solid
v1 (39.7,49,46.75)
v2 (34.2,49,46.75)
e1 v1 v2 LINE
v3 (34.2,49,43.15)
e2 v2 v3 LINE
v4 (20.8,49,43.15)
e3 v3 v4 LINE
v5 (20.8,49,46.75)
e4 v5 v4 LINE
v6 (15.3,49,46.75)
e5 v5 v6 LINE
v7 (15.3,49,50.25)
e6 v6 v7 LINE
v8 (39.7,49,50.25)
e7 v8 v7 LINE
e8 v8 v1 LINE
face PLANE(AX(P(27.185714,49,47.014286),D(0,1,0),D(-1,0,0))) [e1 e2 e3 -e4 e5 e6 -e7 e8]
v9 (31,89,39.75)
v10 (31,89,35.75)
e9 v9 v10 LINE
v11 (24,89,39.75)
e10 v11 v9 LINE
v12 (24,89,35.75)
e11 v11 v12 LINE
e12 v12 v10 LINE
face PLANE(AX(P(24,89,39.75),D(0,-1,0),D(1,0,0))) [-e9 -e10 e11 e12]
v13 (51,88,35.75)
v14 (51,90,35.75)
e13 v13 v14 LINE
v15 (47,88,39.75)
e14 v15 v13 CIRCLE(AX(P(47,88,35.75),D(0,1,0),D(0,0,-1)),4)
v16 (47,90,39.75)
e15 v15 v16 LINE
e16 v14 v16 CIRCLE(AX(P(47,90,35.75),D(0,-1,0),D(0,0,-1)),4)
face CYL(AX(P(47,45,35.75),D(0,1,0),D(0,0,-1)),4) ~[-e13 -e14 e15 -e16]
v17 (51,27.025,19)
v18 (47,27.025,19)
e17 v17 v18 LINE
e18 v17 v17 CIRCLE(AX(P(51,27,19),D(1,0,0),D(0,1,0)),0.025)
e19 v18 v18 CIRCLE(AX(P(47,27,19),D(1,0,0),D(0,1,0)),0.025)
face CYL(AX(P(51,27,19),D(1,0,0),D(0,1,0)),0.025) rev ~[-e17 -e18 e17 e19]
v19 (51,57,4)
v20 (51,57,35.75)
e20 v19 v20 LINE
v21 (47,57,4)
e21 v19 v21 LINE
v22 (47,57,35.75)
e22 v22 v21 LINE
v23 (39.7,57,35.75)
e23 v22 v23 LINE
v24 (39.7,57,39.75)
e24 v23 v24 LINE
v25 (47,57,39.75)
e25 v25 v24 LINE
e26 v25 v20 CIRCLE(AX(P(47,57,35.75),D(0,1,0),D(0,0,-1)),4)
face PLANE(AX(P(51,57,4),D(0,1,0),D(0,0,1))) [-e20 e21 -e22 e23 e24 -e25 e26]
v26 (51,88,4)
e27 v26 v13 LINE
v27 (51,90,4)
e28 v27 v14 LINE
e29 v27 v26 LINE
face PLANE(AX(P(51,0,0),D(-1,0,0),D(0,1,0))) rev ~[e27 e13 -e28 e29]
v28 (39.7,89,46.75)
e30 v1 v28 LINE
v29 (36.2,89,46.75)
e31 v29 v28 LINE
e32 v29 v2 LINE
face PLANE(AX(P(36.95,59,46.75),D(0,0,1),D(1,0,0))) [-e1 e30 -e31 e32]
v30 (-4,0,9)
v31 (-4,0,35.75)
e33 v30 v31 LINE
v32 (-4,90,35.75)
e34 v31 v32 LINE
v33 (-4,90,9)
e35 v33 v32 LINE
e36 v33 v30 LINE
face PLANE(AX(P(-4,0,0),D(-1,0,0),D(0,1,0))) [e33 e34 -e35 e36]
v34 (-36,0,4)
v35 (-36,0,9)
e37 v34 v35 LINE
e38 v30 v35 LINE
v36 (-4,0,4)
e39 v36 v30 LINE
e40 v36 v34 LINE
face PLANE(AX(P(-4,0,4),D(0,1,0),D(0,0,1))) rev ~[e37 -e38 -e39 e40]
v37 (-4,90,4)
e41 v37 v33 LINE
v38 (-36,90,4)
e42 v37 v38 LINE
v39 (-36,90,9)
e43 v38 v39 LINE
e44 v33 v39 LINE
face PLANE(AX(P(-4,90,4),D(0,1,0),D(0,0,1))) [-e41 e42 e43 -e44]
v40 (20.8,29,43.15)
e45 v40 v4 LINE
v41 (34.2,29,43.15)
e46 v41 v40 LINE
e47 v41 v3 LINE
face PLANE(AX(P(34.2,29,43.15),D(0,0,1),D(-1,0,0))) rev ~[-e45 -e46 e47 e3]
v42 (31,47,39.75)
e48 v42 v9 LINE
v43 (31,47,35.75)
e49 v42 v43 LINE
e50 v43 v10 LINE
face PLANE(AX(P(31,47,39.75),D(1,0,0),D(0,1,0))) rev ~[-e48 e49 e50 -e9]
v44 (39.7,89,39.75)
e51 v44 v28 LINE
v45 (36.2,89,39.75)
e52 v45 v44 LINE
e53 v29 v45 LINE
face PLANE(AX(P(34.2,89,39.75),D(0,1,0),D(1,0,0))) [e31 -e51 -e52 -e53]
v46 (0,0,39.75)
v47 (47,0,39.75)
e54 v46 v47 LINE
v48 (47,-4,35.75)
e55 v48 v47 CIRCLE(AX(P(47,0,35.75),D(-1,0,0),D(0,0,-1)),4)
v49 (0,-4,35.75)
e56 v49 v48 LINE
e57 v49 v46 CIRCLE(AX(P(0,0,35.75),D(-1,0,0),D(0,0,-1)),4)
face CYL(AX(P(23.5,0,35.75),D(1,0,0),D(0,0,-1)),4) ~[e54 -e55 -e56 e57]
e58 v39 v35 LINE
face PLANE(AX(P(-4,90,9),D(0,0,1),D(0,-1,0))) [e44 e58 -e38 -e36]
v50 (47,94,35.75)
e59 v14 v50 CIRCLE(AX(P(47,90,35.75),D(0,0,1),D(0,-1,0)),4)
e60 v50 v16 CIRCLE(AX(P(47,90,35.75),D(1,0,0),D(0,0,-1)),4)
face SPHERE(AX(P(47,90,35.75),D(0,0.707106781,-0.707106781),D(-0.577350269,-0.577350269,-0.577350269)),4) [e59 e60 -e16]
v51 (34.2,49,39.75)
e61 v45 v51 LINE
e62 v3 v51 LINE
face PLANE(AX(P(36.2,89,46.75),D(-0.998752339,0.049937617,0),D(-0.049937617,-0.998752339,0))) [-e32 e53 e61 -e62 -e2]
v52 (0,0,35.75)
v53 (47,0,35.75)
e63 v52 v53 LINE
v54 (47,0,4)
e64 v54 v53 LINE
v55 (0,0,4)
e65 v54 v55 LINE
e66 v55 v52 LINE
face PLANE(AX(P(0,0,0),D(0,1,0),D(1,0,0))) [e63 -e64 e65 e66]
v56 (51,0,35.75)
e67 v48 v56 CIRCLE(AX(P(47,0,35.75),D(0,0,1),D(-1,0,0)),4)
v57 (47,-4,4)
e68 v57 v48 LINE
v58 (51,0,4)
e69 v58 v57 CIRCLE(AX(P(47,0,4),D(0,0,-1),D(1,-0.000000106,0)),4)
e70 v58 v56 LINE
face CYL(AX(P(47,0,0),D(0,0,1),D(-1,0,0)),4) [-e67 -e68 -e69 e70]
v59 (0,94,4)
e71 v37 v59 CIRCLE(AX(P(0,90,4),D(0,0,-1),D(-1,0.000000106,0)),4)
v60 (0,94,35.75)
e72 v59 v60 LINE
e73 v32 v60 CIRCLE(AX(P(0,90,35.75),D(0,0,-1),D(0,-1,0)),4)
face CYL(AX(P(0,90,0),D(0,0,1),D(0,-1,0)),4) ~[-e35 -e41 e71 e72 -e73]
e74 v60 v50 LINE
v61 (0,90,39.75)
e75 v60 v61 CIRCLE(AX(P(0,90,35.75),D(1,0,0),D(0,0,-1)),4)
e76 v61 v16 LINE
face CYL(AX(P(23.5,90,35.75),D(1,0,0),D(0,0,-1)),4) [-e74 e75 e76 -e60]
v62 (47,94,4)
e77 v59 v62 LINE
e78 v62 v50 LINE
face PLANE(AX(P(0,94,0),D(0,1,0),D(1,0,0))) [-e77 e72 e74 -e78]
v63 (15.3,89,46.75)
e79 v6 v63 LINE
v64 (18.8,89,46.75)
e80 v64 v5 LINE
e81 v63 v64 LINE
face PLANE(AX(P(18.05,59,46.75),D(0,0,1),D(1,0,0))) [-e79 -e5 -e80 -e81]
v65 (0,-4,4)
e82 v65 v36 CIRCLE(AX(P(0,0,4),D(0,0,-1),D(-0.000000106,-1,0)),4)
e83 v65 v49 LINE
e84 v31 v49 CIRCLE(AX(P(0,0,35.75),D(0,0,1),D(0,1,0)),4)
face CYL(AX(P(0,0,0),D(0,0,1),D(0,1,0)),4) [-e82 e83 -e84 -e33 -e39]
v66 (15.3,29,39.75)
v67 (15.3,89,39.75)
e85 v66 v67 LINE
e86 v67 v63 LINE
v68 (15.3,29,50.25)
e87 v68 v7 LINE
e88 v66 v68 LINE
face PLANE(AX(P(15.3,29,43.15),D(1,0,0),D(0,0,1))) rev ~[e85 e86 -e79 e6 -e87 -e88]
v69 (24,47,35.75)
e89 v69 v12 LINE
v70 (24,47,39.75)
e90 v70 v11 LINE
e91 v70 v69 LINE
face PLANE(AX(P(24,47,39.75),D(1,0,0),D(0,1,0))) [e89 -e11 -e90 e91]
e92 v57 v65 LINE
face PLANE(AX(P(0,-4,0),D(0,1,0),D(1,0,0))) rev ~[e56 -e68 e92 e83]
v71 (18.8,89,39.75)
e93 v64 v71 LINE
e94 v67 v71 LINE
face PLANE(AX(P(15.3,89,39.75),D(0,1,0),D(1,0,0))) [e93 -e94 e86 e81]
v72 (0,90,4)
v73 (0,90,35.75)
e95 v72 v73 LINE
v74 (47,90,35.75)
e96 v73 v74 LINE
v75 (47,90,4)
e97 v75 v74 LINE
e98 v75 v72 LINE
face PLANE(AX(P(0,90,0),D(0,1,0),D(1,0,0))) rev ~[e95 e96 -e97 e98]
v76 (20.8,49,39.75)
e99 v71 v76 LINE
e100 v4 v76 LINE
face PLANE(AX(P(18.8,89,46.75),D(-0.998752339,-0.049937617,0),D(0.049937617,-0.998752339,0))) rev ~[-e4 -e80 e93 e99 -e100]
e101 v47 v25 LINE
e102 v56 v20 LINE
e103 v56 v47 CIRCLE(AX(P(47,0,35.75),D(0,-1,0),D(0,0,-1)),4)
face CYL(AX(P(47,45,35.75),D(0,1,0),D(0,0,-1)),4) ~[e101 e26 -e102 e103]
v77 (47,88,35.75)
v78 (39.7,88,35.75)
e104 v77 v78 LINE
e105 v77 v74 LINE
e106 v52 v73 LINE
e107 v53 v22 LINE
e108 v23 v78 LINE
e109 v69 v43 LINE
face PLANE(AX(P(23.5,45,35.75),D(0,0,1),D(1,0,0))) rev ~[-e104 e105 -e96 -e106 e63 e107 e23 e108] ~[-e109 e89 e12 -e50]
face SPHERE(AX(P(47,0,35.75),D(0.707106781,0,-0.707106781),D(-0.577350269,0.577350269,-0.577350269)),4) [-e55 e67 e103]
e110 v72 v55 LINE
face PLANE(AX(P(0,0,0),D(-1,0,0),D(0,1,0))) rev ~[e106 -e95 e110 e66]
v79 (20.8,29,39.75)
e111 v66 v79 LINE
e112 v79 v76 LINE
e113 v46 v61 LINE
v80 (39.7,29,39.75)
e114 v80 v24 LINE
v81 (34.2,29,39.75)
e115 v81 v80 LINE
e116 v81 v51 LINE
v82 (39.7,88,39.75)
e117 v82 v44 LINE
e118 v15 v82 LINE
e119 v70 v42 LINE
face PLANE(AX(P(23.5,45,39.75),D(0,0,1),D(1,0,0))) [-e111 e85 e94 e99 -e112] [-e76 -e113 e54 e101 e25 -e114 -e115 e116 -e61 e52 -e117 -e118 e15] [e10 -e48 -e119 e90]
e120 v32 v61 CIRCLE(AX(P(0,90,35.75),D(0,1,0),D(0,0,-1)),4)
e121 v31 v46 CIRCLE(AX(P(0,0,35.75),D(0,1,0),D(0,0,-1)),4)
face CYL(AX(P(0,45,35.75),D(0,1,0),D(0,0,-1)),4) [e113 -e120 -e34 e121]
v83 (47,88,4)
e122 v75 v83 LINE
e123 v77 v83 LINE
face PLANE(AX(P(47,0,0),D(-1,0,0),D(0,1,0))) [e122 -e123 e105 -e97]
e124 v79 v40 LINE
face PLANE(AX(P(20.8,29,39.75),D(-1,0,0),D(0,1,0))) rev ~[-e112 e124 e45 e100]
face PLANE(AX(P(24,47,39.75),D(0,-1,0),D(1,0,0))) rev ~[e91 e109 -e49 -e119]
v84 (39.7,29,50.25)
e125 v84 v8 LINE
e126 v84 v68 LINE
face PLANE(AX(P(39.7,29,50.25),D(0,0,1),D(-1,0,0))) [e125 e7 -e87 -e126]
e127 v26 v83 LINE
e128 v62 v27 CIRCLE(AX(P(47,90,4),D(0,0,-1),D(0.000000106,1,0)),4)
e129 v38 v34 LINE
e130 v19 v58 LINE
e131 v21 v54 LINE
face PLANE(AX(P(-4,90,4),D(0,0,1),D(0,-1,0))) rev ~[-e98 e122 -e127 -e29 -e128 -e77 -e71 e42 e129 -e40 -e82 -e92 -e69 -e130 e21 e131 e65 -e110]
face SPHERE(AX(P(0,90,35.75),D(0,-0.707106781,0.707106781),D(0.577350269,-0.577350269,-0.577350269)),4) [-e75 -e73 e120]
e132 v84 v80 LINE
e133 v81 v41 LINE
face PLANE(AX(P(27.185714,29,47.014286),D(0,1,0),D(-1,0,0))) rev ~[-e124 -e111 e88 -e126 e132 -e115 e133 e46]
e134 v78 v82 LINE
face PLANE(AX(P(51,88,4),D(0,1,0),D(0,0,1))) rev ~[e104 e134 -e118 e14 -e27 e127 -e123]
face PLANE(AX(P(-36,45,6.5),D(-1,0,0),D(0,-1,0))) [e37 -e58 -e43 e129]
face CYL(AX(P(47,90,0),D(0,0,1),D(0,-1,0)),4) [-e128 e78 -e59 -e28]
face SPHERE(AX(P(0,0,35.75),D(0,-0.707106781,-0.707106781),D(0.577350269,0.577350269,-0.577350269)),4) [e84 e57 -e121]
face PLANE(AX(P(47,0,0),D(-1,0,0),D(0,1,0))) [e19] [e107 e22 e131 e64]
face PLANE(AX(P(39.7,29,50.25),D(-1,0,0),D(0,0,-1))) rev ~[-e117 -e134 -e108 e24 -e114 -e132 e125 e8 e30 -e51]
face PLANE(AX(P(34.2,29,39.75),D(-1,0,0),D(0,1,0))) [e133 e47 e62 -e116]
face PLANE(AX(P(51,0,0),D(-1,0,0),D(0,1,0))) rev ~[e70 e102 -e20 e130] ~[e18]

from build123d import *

# Parameters (mm, degrees)
SKETCH_W        = 47
SKETCH_H        = 90
PAD_DEPTH       = 35.75
THICKNESS_T     = 4
SKETCH001_R     = 0.025
POCKET_DEPTH    = 5
SKETCH002_W     = 7
SKETCH002_H     = 42
POCKET001_DEPTH = 5
SKETCH003_W     = 5.5
SKETCH003_H     = 60
PAD001_DEPTH    = 7
PAD001_FACE4_W  = 90
PAD001_FACE4_H  = 47
POCKET002_DEPTH = 4
SKETCH004_W     = 31
SKETCH004_H     = 40
POCKET003_DEPTH = 11.3
SKETCH005_W     = 90
SKETCH005_H     = 5
PAD002_DEPTH    = 32
PAD003_DEPTH    = 20
POCKET004_DEPTH = 7


with BuildPart() as part:
    # Sketch → Pad (new body)
    with BuildSketch(Plane.XY):
        with Locations((23.5, 45)):
            Rectangle(SKETCH_W, SKETCH_H)
    extrude(amount=PAD_DEPTH)

    # Thickness
    thickness_openings = [part.faces().sort_by_distance(p)[0] for p in [
        (23.5, 45, 0),
    ]]
    offset(amount=THICKNESS_T, openings=thickness_openings)

    # Sketch001 (on Face10 of Thickness) → Pocket (cut)
    with BuildSketch(Plane.YZ.offset(51)):
        with Locations((27, 19)):
            Circle(SKETCH001_R)
    extrude(amount=-POCKET_DEPTH, mode=Mode.SUBTRACT)

    # Sketch002 (on Face24 of Pocket) → Pocket001 (cut)
    with BuildSketch(Plane.XY.offset(39.75)):
        with Locations((27.5, 68)):
            Rectangle(SKETCH002_W, SKETCH002_H)
    extrude(amount=-POCKET001_DEPTH, mode=Mode.SUBTRACT)

    # Sketch003 (on Face28 of Pocket001) → Pad001 (join)
    with BuildSketch(Plane.XY.offset(39.75)):
        with Locations((18.05, 59)):
            Rectangle(SKETCH003_W, SKETCH003_H)
        with Locations((36.95, 59)):
            Rectangle(SKETCH003_W, SKETCH003_H)
    extrude(amount=PAD001_DEPTH)

    # Pad001 Face4 → Pocket002 (cut)
    with BuildSketch(Plane(origin=(23.5, 45, 0), x_dir=(0, -1, 0), z_dir=(0, 0, -1))):
        with BuildLine():
            ThreePointArc((-45, 27.5), (-47.828427, 26.328427), (-49, 23.5))
            Line((-49, 23.5), (-49, -23.5))
            ThreePointArc((-49, -23.5), (-47.828427, -26.328427), (-45, -27.5))
            Line((-45, -27.5), (45, -27.5))
            ThreePointArc((45, -27.5), (47.828427, -26.328427), (49, -23.5))
            Line((49, -23.5), (49, 23.5))
            ThreePointArc((49, 23.5), (47.828427, 26.328427), (45, 27.5))
            Line((45, 27.5), (-45, 27.5))
        make_face()
        Rectangle(PAD001_FACE4_W, PAD001_FACE4_H, mode=Mode.SUBTRACT)
    extrude(amount=-POCKET002_DEPTH, mode=Mode.SUBTRACT)

    # Sketch004 (on Face12 of Pocket002) → Pocket003 (cut)
    with BuildSketch(Plane.YZ.offset(51)):
        with Locations((72.5, 24)):
            Rectangle(SKETCH004_W, SKETCH004_H)
    extrude(amount=-POCKET003_DEPTH, mode=Mode.SUBTRACT)

    # Sketch005 (on Face11 of Pocket003) → Pad002 (join)
    with BuildSketch(Plane(origin=(-4, 0, 0), x_dir=(0, -1, 0), z_dir=(-1, 0, 0))):
        with Locations((-45, 6.5)):
            Rectangle(SKETCH005_W, SKETCH005_H)
    extrude(amount=PAD002_DEPTH)

    # Sketch006 (on Face47 of Pad002) → Pad003 (join)
    with BuildSketch(Plane.XZ.offset(-29)):
        Polygon((15.3, 50.25), (34.2, 50.25), (39.7, 50.25), (39.7, 46.75), (34.2, 46.75), (34.2, 43.15), (15.3, 43.15), align=None)
    extrude(amount=-PAD003_DEPTH)

    # Sketch007 (on Face49 of Pad003) → Pocket004 (cut)
    with BuildSketch(Plane.XY.offset(46.75)):
        Polygon((20.8, 89), (18.8, 89), (20.8, 49), align=None)
        Polygon((34.2, 89), (36.2, 89), (34.2, 49), align=None)
    extrude(amount=-POCKET004_DEPTH, mode=Mode.SUBTRACT)


solid = part.part
